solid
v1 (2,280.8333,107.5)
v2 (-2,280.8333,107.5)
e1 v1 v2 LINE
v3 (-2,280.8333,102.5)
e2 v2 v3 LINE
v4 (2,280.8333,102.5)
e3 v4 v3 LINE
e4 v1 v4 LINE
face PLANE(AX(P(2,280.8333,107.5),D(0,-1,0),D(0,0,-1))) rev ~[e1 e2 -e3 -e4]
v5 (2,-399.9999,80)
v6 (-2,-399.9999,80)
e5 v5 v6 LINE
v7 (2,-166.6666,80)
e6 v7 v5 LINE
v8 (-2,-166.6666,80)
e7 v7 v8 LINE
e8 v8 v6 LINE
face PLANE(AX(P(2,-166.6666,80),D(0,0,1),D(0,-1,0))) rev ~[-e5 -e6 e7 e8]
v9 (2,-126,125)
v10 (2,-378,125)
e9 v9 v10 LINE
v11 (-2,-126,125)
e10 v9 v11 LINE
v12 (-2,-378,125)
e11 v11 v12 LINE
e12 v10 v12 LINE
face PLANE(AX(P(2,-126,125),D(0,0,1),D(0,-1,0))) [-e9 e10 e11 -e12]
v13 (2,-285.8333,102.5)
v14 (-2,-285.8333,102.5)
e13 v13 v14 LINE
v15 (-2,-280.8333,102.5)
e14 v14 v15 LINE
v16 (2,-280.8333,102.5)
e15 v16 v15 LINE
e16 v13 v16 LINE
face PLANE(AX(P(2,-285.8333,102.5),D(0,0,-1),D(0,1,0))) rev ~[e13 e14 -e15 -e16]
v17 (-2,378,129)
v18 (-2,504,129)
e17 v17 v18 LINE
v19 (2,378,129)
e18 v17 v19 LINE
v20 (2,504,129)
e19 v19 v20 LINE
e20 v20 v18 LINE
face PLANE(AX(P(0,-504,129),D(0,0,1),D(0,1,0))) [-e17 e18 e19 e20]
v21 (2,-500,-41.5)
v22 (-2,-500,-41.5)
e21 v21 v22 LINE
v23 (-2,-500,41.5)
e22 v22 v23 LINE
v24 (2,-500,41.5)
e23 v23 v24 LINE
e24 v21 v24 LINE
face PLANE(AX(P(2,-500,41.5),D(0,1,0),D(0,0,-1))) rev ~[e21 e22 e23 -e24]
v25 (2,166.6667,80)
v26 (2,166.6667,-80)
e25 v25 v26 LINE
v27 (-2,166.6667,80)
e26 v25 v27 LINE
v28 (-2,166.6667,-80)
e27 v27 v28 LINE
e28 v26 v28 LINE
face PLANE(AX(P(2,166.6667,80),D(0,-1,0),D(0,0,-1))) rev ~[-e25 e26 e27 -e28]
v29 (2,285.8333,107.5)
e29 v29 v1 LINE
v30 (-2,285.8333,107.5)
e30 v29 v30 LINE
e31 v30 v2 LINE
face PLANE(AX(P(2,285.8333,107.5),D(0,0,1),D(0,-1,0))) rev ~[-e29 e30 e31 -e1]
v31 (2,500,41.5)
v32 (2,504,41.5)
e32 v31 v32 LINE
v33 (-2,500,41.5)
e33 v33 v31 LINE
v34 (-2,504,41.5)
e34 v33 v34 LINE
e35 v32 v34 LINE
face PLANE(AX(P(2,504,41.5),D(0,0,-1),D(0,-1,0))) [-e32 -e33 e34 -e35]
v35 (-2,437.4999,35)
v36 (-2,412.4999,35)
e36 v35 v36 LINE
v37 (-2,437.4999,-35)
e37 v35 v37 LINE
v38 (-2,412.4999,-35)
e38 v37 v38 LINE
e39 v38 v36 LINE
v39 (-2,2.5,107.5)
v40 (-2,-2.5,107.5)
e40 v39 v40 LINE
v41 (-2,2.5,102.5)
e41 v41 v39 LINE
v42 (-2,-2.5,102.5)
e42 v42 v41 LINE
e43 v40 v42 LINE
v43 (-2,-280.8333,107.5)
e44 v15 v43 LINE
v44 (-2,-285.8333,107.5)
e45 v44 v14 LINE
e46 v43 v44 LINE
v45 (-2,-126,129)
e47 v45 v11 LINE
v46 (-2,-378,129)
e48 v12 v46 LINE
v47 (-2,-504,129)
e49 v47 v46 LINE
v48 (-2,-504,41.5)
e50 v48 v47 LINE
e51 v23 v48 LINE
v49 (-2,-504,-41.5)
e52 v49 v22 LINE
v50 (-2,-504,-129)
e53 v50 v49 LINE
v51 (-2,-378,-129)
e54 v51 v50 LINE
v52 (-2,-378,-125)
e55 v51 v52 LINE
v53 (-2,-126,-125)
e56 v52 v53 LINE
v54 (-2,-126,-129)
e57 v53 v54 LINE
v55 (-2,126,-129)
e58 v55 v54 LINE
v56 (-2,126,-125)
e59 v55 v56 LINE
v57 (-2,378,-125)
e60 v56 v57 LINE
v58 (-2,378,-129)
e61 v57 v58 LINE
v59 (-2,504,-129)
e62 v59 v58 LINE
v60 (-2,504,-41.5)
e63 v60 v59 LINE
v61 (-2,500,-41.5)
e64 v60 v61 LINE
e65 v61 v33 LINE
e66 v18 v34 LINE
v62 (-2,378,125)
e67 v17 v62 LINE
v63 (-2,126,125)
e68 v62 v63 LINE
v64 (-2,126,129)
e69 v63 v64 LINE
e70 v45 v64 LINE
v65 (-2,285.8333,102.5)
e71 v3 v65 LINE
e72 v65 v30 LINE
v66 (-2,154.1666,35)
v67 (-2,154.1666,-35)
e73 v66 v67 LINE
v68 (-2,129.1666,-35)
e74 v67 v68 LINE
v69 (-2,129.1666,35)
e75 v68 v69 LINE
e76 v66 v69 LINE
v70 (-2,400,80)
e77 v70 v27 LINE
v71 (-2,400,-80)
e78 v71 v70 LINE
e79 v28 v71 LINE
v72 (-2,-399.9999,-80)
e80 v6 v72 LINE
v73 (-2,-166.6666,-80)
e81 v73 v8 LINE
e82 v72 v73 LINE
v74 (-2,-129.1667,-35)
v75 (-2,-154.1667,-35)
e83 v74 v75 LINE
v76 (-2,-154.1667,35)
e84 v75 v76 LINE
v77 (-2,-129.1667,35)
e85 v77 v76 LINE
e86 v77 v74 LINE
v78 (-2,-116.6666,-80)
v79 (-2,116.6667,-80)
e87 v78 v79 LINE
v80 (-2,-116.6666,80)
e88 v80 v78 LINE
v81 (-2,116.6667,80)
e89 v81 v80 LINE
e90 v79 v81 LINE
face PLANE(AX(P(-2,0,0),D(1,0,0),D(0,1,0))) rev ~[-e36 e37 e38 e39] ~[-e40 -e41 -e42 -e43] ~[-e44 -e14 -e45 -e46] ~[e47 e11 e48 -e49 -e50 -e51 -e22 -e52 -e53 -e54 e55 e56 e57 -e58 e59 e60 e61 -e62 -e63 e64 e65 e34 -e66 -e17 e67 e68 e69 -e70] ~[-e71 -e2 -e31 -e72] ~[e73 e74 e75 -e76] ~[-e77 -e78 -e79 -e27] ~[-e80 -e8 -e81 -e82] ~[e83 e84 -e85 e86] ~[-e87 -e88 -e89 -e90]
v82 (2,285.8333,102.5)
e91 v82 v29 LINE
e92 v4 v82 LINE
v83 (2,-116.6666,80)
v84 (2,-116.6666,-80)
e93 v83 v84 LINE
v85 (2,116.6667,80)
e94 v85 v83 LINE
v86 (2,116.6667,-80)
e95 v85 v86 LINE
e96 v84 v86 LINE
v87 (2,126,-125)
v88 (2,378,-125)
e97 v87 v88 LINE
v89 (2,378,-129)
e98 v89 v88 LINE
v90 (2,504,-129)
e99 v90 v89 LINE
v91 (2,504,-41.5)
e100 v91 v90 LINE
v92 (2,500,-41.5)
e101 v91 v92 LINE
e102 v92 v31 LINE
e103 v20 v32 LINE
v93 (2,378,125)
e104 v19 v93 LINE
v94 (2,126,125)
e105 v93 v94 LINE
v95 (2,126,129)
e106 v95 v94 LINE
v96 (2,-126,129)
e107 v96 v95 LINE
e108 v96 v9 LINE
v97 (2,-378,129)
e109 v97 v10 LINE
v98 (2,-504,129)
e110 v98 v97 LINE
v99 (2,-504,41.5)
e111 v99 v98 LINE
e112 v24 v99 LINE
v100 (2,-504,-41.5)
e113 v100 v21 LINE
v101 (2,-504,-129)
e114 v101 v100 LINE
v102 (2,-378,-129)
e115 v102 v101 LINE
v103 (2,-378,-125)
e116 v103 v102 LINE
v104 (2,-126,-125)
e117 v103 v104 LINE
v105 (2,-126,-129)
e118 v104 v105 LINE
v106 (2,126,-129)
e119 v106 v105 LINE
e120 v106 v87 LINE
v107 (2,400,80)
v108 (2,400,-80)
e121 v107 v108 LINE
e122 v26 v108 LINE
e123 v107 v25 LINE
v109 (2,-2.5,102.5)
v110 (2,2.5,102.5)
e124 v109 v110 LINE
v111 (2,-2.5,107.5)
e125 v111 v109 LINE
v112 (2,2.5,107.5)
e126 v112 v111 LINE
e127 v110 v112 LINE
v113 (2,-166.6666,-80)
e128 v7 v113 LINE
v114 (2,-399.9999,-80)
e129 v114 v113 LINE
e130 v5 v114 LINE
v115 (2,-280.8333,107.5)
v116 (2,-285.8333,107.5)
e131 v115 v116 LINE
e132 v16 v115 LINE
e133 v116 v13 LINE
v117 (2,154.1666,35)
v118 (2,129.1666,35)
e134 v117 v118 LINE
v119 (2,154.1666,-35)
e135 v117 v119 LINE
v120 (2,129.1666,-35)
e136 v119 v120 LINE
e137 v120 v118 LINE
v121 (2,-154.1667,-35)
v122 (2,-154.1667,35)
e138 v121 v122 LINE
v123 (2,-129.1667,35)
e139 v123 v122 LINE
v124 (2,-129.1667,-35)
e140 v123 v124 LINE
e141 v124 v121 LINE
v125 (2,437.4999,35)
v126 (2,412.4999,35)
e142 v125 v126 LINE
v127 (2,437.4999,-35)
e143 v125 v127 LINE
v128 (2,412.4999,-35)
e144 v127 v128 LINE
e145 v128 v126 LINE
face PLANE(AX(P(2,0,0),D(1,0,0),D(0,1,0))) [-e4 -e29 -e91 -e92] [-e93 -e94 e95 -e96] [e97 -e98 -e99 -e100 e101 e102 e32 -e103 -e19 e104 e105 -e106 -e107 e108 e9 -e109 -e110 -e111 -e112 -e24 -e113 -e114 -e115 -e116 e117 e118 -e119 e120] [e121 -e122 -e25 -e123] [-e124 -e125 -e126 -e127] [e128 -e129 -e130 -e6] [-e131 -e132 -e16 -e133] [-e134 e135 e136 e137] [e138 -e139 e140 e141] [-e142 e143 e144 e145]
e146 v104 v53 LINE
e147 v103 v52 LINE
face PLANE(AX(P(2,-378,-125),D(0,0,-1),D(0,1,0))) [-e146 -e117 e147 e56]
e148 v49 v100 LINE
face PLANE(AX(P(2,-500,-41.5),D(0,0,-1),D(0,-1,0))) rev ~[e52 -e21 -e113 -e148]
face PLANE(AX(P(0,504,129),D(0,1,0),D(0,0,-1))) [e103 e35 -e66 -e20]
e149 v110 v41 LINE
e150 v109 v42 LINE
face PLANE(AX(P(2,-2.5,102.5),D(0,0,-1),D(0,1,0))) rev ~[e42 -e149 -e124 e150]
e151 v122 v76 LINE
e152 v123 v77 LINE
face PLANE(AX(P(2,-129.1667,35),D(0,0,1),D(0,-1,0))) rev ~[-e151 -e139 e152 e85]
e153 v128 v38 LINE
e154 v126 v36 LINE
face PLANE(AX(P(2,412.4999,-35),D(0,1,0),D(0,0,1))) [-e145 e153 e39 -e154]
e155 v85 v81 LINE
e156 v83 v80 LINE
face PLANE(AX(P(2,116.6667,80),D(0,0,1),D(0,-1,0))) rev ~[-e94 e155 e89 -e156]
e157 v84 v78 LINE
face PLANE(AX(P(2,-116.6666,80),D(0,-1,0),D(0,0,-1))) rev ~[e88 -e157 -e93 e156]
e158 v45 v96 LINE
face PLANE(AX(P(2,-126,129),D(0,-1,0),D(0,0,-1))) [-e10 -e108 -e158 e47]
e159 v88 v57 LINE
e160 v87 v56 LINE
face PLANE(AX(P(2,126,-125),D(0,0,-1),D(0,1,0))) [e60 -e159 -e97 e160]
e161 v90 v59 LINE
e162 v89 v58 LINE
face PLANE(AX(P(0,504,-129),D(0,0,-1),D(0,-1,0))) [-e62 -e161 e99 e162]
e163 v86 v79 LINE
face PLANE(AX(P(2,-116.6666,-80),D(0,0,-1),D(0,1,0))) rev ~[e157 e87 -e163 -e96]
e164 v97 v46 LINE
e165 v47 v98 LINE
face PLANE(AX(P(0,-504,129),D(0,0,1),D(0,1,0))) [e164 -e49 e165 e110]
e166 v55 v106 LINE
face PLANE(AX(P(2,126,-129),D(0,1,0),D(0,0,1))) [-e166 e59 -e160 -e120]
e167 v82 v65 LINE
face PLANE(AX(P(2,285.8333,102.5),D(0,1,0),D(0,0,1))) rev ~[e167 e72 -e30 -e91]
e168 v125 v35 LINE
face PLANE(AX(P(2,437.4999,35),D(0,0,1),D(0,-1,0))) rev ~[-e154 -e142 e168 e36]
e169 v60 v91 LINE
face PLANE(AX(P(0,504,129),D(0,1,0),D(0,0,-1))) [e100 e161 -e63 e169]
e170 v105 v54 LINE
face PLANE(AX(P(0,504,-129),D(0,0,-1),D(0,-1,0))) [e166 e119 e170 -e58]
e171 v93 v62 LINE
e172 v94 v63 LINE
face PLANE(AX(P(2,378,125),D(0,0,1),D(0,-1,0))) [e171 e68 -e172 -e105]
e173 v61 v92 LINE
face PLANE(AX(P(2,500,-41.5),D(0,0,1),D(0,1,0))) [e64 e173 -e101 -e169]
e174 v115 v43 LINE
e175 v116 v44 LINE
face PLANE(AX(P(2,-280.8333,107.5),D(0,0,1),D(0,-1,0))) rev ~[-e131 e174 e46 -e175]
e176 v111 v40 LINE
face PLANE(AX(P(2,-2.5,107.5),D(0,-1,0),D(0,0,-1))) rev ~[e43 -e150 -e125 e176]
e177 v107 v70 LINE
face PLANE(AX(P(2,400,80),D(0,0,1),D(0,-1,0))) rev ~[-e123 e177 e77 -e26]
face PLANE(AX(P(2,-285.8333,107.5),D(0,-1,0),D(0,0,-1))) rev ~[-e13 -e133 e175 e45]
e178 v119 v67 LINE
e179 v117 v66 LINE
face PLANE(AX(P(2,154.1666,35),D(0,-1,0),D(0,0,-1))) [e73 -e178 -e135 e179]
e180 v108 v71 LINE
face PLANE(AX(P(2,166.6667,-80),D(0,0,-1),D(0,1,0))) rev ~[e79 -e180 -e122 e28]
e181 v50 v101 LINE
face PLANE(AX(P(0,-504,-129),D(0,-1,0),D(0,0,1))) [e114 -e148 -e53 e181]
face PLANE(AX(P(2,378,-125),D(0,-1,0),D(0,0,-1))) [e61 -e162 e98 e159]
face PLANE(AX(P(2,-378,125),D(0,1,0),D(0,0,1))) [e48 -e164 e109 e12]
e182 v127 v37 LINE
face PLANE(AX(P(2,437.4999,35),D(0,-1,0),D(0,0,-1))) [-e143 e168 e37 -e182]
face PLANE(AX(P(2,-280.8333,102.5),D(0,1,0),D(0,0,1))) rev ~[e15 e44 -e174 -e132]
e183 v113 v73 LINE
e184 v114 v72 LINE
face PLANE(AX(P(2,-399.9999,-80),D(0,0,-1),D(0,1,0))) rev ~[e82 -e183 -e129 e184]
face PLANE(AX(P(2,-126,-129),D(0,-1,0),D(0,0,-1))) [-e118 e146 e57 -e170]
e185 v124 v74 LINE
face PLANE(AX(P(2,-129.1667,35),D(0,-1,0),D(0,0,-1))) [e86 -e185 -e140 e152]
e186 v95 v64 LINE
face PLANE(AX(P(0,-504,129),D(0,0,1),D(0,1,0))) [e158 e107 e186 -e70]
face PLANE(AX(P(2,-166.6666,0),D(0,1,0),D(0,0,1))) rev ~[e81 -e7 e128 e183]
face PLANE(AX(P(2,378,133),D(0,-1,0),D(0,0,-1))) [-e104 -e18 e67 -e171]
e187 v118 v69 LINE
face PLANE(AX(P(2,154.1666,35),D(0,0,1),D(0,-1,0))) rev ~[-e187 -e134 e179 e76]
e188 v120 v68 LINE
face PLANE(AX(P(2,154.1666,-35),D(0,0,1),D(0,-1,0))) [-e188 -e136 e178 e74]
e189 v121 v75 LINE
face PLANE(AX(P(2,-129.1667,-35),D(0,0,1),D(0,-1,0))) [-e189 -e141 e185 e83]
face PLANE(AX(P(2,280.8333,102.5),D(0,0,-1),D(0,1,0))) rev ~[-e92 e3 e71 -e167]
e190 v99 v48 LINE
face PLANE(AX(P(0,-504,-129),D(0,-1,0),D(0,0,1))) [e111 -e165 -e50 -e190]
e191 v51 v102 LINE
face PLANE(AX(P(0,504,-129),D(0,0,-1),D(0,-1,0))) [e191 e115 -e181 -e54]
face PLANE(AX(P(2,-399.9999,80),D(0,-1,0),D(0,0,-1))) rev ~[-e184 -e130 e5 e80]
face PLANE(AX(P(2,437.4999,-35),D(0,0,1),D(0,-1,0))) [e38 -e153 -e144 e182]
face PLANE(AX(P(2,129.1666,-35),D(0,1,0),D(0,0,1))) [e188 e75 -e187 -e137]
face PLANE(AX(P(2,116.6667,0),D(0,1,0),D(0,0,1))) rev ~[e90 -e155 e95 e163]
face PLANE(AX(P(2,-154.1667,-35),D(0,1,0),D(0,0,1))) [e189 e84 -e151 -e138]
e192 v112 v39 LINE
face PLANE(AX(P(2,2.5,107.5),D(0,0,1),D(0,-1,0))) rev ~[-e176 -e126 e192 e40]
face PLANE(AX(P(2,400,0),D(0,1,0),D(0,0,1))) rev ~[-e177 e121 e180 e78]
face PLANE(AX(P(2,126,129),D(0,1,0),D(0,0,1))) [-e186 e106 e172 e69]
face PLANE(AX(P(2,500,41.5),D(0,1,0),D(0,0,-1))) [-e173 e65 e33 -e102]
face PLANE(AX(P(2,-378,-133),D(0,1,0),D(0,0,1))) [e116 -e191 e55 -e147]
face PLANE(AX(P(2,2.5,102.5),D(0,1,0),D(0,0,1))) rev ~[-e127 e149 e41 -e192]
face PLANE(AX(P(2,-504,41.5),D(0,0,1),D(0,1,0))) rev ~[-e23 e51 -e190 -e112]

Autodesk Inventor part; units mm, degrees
ref_plane "YZ Plane" through (0, 0, 0) normal (1, 0, 0) x (0, 1, 0)
ref_plane "XZ Plane" through (0, 0, 0) normal (0, 1, 0) x (-1, 0, 0)
ref_plane "XY Plane" through (0, 0, 0) normal (0, 0, 1) x (1, 0, 0)
sketch "Esboço1" plane through (0, 0, 0) normal (1, 0, 0) x (0, 1, 0)
  line L0 (-504, 129) -> (504, 129)
  line L1 (504, 129) -> (504, -129)
  line L2 (504, -129) -> (-504, -129)
  line L3 (-504, -129) -> (-504, 129)
  line L4 (-504, 129) -> (504, -129) construction
  line L5 (504, 129) -> (-504, -129) construction
  point P0 (0, 0)
  dimension "d0" = 1008
  dimension "d1" = 258
extrude "Extrusão1" add sketch "Esboço1" along normal mid plane 4
sketch "Esboço2" plane through (2, 0, 0) normal (1, 0, 0) x (0, 0, -1)
  line L0 (-133, 378) -> (-125, 378)
  line L1 (-125, 378) -> (-125, 126)
  line L2 (-125, 126) -> (-133, 126)
  line L3 (-133, 126) -> (-133, 378)
  line L4 (-129, 504) -> (-129, -504) projected
  line L5 (-133, 378) -> (-125, 126) construction
  line L6 (-125, 378) -> (-133, 126) construction
  line L7 (129, 504) -> (-129, 504) projected
  line L8 (-133, -126) -> (-125, -126)
  line L9 (-125, -126) -> (-125, -378)
  line L10 (-125, -378) -> (-133, -378)
  line L11 (-133, -378) -> (-133, -126)
  line L12 (-133, -126) -> (-125, -378) construction
  line L13 (-125, -126) -> (-133, -378) construction
  line L14 (-129, -504) -> (129, -504) projected
  line L15 (125, 378) -> (133, 378)
  line L16 (133, 378) -> (133, 126)
  line L17 (133, 126) -> (125, 126)
  line L18 (125, 126) -> (125, 378)
  line L19 (129, -504) -> (129, 504) projected
  line L20 (125, 378) -> (133, 126) construction
  line L21 (133, 378) -> (125, 126) construction
  line L22 (125, -126) -> (133, -126)
  line L23 (133, -126) -> (133, -378)
  line L24 (133, -378) -> (125, -378)
  line L25 (125, -378) -> (125, -126)
  line L26 (125, -126) -> (133, -378) construction
  line L27 (133, -126) -> (125, -378) construction
  point P0 (0, 0)
  point P1 (-129, 252)
  point P2 (-129, -252)
  point P3 (129, 252)
  point P4 (129, -252)
  dimension "d4" = 8
  dimension "d5" = 252
  dimension "d6" = 126
  dimension "d7" = 8
  dimension "d8" = 252
  dimension "d9" = 252
  dimension "d10" = 126
  dimension "d11" = 126
  dimension "d12" = 252
  dimension "d13" = 8
  dimension "d14" = 252
  dimension "d15" = 8
  dimension "d16" = 252
  dimension "d17" = 126
extrude "Extrusão2" cut sketch "Esboço2" along normal through all both and the other way through all contours L0 L4 L2 L3 | L0 L1 L2 L4 | L8 L9 L10 L4 | L4 L10 L11 L8 | L19 L17 L18 L15 | L15 L16 L17 L19 | L22 L23 L24 L19 | L19 L24 L25 L22
sketch "Esboço3" plane through (2, 0, 0) normal (1, 0, 0) x (0, 0, -1)
  line L0 (-41.5, 500) -> (41.5, 500)
  line L1 (41.5, 500) -> (41.5, 508)
  line L2 (41.5, 508) -> (-41.5, 508)
  line L3 (-41.5, 508) -> (-41.5, 500)
  line L4 (129, 504) -> (-129, 504) projected
  line L5 (-41.5, 500) -> (41.5, 508) construction
  line L6 (41.5, 500) -> (-41.5, 508) construction
  line L7 (-41.5, -500) -> (41.5, -500)
  line L8 (41.5, -500) -> (41.5, -508)
  line L9 (41.5, -508) -> (-41.5, -508)
  line L10 (-41.5, -508) -> (-41.5, -500)
  line L11 (-129, -504) -> (129, -504) projected
  line L12 (-41.5, -500) -> (41.5, -508) construction
  line L13 (41.5, -500) -> (-41.5, -508) construction
  point P0 (0, 0)
  point P1 (0, 504)
  point P2 (0, -504)
  dimension "d20" = 83
  dimension "d21" = 8
  dimension "d22" = 83
  dimension "d23" = 8
extrude "Extrusão3" cut sketch "Esboço3" along normal through all both and the other way through all
sketch "Esboço5" plane through (2, 0, 0) normal (1, 0, 0) x (0, 0, -1)
  line L0 (41.5, 500) -> (-41.5, 500) projected
  line L1 (0, 400) -> (-80, 400)
  line L2 (-125, 378) -> (-125, 126) projected
  line L3 (0, 400) -> (80, 400)
  line L4 (-80, 400) -> (-80, 166.6667)
  line L5 (-80, 166.6667) -> (80, 166.6667)
  line L6 (80, 166.6667) -> (80, 400)
  point P0 (0, 0)
  dimension "d39" = 80
  dimension "d40" = 80
  dimension "d41" = 233.3333
  dimension "d67" = 45
extrude "Extrusão5" cut sketch "Esboço5" against normal through all
pattern_linear "Padrão retangular2" count 3 spacing 283.3333 along (0, -1, 0) of "Extrusão5"
sketch "Esboço6" plane through (2, 0, 0) normal (1, 0, 0) x (0, 0, -1)
  line L0 (-80, -166.6667) -> (80, -166.6667) projected
  line L1 (80, -116.6667) -> (-80, -116.6667) projected
  line L2 (-80, -116.6667) -> (-30, -116.6667)
  line L3 (80, -116.6667) -> (30, -116.6667)
  line L4 (30, -116.6667) -> (-30, -116.6667)
  line L5 (-35, -129.1667) -> (35, -129.1667)
  line L6 (35, -129.1667) -> (35, -154.1667)
  line L7 (35, -154.1667) -> (-35, -154.1667)
  line L8 (-35, -129.1667) -> (-35, -154.1667)
  line L9 (-125, -126) -> (-125, -378) projected
  point P0 (0, 0)
  point P1 (-35, -141.6667)
  dimension "d51" = 25
  dimension "d68" = 90
  dimension "d69" = 12.5
  dimension "d70" = 70
extrude "Extrusão6" cut sketch "Esboço6" against normal through all
pattern_linear "Padrão retangular3" count 3 spacing 283.3333 along (0, 1, 0) of "Extrusão6"
sketch "Esboço7" plane through (2, 0, 0) normal (1, 0, 0) x (0, 0, -1)
  line L0 (-80, -400) -> (-80, -166.6667) projected
  line L1 (-125, -126) -> (-125, -378) projected
  line L2 (-80, 166.6667) -> (-80, 400) projected
  line L3 (-107.5, 280.8333) -> (-102.5, 280.8333)
  line L4 (-102.5, 280.8333) -> (-102.5, 285.8333)
  line L5 (-102.5, 285.8333) -> (-107.5, 285.8333)
  line L6 (-107.5, 285.8333) -> (-107.5, 280.8333)
  line L7 (-107.5, 280.8333) -> (-102.5, 285.8333) construction
  line L8 (-102.5, 280.8333) -> (-107.5, 285.8333) construction
  point P0 (0, 0)
  dimension "d60" = 5
  dimension "d61" = 5
extrude "Extrusão7" cut sketch "Esboço7" against normal through all
pattern_linear "Padrão retangular4" count 3 spacing 283.3333 along (0, -1, 0) of "Extrusão7"
properties part number "PAREDE FRONTAL"
